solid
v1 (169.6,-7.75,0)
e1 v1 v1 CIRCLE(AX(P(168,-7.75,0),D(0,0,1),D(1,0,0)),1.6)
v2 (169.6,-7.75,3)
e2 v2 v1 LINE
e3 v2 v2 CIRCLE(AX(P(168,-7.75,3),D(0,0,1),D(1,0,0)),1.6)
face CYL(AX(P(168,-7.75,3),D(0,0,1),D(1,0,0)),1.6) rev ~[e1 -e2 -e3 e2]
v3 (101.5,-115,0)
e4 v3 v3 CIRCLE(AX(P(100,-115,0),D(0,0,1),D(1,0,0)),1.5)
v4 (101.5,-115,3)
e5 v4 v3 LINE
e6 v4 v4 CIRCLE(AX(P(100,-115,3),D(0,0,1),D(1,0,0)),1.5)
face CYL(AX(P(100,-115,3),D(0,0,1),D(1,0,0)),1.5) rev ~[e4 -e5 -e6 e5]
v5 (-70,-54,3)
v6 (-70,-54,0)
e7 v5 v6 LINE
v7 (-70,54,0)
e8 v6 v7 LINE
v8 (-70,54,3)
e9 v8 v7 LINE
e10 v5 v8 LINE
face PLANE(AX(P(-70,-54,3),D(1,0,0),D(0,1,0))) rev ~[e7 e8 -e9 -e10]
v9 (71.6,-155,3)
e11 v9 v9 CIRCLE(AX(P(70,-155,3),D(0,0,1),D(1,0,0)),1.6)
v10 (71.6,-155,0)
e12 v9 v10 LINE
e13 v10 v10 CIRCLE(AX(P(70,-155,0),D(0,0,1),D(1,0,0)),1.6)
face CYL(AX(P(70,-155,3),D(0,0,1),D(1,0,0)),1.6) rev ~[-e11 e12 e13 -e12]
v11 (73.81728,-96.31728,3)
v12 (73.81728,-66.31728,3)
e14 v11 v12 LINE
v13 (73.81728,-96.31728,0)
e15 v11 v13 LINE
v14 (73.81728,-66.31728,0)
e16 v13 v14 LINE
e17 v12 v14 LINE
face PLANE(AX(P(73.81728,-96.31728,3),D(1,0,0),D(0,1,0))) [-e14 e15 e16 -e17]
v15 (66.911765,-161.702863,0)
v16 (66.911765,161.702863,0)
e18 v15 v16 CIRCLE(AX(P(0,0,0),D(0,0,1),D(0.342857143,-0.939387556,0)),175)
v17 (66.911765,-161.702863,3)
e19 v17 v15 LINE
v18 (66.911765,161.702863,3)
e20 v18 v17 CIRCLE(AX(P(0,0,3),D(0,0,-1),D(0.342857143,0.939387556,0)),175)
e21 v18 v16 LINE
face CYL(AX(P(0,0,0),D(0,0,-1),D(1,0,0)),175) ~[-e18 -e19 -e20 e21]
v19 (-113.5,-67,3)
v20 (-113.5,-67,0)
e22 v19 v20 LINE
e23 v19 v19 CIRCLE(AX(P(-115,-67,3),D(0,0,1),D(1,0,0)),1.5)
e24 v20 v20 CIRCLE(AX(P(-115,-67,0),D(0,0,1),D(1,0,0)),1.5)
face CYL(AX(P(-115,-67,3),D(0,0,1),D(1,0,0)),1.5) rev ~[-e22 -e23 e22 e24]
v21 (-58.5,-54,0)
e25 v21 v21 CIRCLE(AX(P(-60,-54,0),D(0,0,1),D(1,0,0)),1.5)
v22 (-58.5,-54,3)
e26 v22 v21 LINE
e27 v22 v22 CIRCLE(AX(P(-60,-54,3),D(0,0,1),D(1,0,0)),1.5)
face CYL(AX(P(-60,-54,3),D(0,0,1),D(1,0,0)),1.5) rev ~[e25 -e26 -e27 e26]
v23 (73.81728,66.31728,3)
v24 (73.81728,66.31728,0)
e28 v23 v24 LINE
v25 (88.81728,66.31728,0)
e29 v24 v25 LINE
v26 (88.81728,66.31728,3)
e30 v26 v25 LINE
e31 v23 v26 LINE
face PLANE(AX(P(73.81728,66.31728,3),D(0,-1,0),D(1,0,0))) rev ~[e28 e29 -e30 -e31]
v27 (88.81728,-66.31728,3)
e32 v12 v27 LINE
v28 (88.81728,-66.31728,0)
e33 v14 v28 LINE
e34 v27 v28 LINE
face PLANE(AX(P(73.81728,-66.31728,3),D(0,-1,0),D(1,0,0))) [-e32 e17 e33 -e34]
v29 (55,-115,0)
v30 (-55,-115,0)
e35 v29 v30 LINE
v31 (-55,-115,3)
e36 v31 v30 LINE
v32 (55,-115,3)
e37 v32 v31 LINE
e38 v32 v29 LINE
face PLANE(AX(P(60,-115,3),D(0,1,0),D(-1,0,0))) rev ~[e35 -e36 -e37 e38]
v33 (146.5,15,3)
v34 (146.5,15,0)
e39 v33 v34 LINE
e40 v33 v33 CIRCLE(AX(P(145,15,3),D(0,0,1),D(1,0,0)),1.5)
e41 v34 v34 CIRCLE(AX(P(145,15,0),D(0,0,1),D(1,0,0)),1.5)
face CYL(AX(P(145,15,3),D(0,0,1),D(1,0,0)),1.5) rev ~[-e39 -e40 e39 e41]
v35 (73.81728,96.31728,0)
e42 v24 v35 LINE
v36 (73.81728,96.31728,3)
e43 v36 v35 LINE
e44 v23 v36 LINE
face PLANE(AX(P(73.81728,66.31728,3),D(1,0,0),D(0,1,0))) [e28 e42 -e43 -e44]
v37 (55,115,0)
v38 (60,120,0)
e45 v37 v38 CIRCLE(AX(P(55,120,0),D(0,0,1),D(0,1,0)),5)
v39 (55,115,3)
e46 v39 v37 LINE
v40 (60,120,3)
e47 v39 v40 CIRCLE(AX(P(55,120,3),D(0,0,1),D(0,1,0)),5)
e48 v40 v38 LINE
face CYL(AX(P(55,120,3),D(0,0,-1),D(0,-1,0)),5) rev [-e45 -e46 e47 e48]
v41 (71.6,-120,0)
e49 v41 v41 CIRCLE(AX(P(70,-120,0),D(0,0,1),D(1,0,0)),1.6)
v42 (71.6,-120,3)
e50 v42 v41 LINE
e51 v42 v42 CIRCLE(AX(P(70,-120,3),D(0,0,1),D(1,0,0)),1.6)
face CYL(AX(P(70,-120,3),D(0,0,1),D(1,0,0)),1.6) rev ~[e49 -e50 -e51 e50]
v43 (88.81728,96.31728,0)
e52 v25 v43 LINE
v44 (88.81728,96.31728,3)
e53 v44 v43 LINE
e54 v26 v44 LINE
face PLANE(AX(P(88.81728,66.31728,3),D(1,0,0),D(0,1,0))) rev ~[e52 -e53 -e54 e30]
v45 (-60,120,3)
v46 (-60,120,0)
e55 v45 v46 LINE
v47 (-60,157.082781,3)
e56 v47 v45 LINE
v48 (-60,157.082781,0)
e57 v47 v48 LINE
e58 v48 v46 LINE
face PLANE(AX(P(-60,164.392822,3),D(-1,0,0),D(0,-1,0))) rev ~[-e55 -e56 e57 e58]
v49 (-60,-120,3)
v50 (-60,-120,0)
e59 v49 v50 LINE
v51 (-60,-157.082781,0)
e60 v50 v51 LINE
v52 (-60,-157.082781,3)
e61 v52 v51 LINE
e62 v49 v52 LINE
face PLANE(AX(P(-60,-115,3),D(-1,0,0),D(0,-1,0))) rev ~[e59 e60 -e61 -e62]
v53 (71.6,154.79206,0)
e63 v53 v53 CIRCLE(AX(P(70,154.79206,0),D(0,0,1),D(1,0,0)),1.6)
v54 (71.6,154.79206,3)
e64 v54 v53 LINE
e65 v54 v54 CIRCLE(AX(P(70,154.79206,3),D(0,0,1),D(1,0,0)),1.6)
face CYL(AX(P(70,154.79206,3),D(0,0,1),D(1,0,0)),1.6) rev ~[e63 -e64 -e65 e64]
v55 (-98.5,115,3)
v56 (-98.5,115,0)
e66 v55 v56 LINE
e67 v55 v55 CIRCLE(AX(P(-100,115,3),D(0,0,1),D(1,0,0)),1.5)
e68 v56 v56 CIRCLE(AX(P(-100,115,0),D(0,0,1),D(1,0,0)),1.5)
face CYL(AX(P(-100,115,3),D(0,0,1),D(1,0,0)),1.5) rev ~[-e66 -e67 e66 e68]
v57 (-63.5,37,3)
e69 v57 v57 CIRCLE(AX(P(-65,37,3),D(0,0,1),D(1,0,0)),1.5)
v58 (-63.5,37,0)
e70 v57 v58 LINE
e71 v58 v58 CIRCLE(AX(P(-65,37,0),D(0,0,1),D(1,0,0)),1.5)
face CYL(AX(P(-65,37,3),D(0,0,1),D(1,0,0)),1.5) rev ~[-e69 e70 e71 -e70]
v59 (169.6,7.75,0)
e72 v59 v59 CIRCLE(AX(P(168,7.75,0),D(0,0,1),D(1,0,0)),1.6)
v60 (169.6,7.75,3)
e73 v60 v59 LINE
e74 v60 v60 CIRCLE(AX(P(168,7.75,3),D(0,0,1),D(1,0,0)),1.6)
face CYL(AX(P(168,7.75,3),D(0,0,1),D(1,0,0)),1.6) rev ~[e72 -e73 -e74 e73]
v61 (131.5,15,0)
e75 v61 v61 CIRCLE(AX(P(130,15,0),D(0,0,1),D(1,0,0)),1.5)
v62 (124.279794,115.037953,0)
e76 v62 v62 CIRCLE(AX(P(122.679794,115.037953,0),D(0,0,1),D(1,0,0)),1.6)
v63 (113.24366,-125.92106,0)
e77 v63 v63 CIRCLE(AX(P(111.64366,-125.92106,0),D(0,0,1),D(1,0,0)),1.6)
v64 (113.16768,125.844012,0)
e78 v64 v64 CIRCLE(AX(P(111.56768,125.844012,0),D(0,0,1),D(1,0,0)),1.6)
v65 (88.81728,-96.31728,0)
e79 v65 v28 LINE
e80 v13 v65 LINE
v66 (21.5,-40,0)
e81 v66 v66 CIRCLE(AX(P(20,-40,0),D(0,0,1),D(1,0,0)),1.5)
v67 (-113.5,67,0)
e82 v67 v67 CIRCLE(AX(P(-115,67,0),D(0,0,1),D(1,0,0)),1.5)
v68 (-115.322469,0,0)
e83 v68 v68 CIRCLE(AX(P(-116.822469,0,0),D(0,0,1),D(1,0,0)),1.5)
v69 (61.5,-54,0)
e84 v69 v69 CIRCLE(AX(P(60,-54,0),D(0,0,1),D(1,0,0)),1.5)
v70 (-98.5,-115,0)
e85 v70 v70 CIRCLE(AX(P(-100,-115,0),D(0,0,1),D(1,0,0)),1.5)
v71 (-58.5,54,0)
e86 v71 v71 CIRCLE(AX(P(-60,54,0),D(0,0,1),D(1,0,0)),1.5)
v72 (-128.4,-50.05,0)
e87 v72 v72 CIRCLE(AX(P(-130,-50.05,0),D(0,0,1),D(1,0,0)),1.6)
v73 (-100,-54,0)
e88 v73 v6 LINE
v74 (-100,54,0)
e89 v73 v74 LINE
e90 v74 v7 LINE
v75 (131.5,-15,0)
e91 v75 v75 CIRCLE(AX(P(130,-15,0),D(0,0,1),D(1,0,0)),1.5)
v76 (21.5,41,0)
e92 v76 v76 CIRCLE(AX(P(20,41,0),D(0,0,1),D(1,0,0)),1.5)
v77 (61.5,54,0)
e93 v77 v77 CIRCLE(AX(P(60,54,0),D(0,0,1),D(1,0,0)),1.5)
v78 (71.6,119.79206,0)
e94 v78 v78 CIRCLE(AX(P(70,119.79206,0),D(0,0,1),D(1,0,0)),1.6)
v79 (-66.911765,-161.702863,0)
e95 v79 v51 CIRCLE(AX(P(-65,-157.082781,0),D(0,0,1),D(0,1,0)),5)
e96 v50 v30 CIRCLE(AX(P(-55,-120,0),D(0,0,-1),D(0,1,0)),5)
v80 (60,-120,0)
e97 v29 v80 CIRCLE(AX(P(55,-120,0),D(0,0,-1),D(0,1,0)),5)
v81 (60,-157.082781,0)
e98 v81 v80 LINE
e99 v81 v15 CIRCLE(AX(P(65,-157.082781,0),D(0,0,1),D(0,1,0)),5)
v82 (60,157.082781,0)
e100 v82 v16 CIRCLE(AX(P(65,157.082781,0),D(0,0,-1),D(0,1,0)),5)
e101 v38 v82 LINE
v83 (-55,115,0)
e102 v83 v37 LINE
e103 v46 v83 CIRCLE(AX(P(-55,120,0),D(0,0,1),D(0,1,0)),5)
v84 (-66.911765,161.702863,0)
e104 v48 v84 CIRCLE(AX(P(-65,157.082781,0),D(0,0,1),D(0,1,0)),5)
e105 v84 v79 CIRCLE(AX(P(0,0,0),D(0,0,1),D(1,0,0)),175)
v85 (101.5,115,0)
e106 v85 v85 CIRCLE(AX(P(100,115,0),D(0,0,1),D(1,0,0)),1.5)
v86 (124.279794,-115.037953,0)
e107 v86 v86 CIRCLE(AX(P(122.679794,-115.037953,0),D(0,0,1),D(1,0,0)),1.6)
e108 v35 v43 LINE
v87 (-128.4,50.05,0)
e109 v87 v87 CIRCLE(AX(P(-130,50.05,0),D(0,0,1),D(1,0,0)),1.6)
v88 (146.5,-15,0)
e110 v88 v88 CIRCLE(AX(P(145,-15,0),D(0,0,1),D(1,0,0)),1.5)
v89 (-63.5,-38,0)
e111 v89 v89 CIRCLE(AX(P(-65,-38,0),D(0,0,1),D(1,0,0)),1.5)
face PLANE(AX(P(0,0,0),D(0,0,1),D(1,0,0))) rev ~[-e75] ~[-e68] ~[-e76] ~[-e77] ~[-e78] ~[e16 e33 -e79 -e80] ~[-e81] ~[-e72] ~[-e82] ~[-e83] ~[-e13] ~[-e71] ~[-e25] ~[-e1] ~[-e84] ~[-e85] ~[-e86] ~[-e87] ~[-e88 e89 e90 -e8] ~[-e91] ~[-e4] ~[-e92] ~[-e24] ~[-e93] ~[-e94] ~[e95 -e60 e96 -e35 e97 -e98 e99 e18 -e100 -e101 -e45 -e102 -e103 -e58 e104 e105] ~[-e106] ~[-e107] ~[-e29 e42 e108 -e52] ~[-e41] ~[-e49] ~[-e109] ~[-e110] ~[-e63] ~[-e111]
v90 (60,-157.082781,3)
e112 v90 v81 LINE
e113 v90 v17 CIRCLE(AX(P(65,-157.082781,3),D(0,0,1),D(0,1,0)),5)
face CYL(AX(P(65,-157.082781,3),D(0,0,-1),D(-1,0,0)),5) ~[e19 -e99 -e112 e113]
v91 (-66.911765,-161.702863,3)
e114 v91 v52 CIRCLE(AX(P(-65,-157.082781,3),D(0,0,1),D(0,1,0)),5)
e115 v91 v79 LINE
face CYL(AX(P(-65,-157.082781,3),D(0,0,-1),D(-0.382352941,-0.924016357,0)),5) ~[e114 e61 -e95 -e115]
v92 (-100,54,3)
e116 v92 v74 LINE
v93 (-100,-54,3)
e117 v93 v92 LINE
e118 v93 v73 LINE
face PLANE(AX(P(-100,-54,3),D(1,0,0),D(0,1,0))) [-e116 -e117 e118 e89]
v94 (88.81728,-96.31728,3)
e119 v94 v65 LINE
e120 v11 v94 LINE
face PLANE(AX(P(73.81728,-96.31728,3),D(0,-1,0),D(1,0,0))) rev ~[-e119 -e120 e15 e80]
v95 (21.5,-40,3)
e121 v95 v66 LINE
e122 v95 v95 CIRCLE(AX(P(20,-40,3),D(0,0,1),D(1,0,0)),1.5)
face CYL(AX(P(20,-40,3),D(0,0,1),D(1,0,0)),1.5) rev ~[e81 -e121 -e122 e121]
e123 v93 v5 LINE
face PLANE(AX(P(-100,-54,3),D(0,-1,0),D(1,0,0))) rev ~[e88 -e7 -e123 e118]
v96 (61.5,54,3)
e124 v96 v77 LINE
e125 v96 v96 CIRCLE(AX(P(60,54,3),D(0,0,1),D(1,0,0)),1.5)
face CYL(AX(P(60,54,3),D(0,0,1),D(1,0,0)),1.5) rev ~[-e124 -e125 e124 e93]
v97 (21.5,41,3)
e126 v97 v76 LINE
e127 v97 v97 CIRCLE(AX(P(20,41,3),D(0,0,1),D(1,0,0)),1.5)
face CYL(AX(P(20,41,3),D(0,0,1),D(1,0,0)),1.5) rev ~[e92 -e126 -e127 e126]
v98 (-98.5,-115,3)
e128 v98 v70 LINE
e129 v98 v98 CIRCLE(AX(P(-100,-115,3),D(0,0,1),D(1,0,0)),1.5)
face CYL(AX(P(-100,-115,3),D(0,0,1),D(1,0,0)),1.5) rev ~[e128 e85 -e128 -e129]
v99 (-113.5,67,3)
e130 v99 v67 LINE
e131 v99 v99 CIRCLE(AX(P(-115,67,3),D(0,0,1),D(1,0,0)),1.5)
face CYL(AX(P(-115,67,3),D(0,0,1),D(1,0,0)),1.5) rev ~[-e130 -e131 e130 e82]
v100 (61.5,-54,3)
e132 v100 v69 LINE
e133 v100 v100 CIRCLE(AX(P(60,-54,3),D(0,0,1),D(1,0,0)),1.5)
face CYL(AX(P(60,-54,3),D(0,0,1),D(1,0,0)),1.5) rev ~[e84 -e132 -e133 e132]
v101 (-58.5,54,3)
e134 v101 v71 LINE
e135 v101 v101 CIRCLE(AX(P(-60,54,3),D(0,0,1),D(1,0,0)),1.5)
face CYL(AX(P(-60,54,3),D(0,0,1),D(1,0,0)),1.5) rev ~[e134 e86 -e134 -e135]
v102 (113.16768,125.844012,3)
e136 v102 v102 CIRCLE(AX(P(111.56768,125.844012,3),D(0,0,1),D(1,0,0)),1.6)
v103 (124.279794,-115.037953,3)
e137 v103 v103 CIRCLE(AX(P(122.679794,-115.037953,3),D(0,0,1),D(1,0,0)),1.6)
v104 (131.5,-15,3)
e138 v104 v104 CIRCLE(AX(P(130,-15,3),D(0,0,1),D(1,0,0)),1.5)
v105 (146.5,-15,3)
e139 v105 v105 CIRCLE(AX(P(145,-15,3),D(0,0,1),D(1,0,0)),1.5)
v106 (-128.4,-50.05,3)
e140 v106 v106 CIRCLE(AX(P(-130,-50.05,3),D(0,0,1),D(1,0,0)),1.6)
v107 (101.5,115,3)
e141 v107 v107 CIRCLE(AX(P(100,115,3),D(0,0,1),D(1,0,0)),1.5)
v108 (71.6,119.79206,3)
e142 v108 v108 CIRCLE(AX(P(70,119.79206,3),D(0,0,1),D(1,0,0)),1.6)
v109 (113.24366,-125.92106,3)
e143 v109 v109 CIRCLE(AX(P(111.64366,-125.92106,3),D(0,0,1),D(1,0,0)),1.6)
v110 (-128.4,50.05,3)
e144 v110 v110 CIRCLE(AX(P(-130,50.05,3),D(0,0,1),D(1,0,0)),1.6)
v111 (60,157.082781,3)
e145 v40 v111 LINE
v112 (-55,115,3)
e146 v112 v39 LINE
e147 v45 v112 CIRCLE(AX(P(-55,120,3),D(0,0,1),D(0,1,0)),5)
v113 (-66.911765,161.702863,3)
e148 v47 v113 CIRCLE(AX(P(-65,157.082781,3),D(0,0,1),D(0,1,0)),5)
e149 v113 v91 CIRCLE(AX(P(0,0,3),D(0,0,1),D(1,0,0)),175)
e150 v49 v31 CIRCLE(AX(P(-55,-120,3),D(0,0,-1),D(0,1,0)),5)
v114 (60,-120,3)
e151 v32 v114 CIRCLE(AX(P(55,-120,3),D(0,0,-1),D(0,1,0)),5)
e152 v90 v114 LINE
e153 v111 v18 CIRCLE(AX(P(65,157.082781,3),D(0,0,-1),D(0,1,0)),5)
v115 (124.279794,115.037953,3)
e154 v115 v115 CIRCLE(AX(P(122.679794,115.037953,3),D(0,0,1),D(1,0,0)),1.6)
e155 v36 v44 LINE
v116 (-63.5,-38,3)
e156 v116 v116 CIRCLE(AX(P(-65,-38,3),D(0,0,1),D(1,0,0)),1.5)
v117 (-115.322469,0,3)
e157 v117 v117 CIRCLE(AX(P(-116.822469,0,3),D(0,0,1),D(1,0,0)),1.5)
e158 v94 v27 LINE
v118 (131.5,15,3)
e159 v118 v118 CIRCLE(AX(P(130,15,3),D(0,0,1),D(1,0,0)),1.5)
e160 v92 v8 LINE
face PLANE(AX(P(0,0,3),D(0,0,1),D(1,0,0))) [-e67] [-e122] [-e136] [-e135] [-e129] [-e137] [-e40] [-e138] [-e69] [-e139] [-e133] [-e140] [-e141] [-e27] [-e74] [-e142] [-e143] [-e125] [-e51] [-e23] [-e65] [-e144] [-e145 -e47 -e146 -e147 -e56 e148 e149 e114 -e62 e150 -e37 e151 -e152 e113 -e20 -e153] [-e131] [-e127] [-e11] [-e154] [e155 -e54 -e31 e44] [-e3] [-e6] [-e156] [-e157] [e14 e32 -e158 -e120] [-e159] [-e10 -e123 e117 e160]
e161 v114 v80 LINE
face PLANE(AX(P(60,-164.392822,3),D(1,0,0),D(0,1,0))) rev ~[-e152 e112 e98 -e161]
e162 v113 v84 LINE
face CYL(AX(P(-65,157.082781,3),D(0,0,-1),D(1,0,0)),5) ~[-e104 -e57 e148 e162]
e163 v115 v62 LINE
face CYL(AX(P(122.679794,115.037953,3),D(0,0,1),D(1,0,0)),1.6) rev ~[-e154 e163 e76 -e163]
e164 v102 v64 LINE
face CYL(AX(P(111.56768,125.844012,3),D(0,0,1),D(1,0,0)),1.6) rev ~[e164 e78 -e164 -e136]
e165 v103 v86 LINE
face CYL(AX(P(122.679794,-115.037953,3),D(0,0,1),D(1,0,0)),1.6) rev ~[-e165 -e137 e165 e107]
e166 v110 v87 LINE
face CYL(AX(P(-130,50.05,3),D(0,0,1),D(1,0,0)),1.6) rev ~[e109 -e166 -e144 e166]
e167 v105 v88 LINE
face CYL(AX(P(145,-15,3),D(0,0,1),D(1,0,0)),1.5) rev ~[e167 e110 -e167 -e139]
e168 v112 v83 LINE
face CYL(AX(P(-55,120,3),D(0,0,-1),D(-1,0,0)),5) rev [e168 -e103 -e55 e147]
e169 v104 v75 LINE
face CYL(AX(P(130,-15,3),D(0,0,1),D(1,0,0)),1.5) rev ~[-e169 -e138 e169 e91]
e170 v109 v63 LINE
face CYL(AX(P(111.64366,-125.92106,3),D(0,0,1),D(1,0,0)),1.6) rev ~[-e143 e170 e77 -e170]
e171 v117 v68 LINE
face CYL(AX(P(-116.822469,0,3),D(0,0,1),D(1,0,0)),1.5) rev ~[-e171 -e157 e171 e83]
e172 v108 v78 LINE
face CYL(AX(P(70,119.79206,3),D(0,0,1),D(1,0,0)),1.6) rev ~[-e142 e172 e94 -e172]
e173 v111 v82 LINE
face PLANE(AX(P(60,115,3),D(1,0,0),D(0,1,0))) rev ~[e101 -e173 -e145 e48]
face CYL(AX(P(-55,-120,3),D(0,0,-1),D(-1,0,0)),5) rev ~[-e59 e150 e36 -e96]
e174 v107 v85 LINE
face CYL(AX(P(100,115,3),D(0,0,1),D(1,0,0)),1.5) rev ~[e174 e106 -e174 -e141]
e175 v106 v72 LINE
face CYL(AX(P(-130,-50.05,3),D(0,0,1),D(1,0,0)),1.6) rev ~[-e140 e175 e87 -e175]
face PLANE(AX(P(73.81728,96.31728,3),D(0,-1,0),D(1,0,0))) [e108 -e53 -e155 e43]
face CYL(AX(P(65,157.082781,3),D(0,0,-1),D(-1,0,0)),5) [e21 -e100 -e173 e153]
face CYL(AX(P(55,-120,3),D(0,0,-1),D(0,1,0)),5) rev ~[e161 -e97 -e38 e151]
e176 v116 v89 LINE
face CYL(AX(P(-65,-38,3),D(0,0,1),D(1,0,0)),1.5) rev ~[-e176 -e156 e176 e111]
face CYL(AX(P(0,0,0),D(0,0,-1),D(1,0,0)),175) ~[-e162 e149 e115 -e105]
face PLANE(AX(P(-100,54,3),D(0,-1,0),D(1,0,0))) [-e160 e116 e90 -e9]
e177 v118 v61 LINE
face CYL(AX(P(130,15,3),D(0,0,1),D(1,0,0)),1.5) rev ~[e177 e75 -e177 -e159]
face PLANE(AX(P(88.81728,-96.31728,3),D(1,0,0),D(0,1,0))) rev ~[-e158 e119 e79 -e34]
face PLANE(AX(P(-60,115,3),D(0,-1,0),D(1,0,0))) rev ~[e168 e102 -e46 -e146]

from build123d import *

# Parameters (mm, degrees)
SKETCH_1_R           = 175
EXTRUDE_1_DEPTH      = 3
CUT_EXTRUDE_1_DEPTH  = 3
FILLET_1_R           = 5
FILLET_2_R           = 5
FILLET_3_R           = 5
SKETCH_5_R           = 1.5
CUT_EXTRUDE_4_DEPTH  = 3
SKETCH_6_R           = 1.5
CUT_EXTRUDE_5_DEPTH  = 3
SKETCH_7_W           = 30
SKETCH_7_H           = 108
CUT_EXTRUDE_6_DEPTH  = 3
SKETCH_8_R           = 1.5
CUT_EXTRUDE_7_DEPTH  = 3
SKETCH_9_R           = 1.5
CUT_EXTRUDE_8_DEPTH  = 10
SKETCH_10_R          = 1.6
CUT_EXTRUDE_9_DEPTH  = 10
SKETCH_11_W          = 15
SKETCH_11_H          = 30
CUT_EXTRUDE_10_DEPTH = 10
SKETCH_13_R          = 1.5
CUT_EXTRUDE_12_DEPTH = 4
SKETCH_14_R          = 1.6
CUT_EXTRUDE_14_DEPTH = 4


with BuildPart() as part:
    # ｽｹｯﾁ1 → ﾎﾞｽ - 押し出し1 (new body)
    with BuildSketch(Plane.XY):
        Circle(SKETCH_1_R)
    extrude(amount=EXTRUDE_1_DEPTH)

    # ｽｹｯﾁ2 → ｶｯﾄ - 押し出し1 (cut)
    with BuildSketch(Plane.XY.offset(3)):
        with BuildLine():
            Line((-60, 115), (0, 115))
            Line((0, 115), (0, 175))
            ThreePointArc((0, 175), (-30.465194158, 172.327803749), (-60, 164.392822228))
            Line((-60, 164.392822228), (-60, 115))
        make_face()
        with BuildLine():
            Line((0, 175), (0, 115))
            Line((0, 115), (60, 115))
            Line((60, 115), (60, 164.392822228))
            ThreePointArc((60, 164.392822228), (30.465194158, 172.327803749), (0, 175))
        make_face()
        with BuildLine():
            Line((0, -175), (0, -115))
            Line((0, -115), (-60, -115))
            Line((-60, -115), (-60, -164.392822228))
            ThreePointArc((-60, -164.392822228), (-30.465194158, -172.327803749), (0, -175))
        make_face()
        with BuildLine():
            Line((60, -115), (0, -115))
            Line((0, -115), (0, -175))
            ThreePointArc((0, -175), (30.465194158, -172.327803749), (60, -164.392822228))
            Line((60, -164.392822228), (60, -115))
        make_face()
    extrude(amount=-CUT_EXTRUDE_1_DEPTH, mode=Mode.SUBTRACT)

    # ﾌｨﾚｯﾄ1
    fillet_1_edges = [part.edges().sort_by_distance(p)[0] for p in [
        (-60, 164.392822228, 1.5),
    ]]
    fillet(fillet_1_edges, radius=FILLET_1_R)

    # ﾌｨﾚｯﾄ2
    fillet_2_edges = [part.edges().sort_by_distance(p)[0] for p in [
        (-60, 115, 1.5),
        (60, 164.392822228, 1.5),
        (60, 115, 1.5),
    ]]
    fillet(fillet_2_edges, radius=FILLET_2_R)

    # ﾌｨﾚｯﾄ3
    fillet_3_edges = [part.edges().sort_by_distance(p)[0] for p in [
        (-60, -115, 1.5),
        (60, -115, 1.5),
        (60, -164.392822228, 1.5),
        (-60, -164.392822228, 1.5),
    ]]
    fillet(fillet_3_edges, radius=FILLET_3_R)

    # ｽｹｯﾁ5 → ｶｯﾄ - 押し出し4 (cut)
    with BuildSketch(Plane.XY.offset(3)):
        with Locations((-100, -115)):
            Circle(SKETCH_5_R)
        with Locations((100, -115)):
            Circle(SKETCH_5_R)
        with Locations((100, 115)):
            Circle(SKETCH_5_R)
        with Locations((-100, 115)):
            Circle(SKETCH_5_R)
    extrude(amount=-CUT_EXTRUDE_4_DEPTH, mode=Mode.SUBTRACT)

    # ｽｹｯﾁ6 → ｶｯﾄ - 押し出し5 (cut)
    with BuildSketch(Plane.XY.offset(3)):
        with Locations((-60, 54)):
            Circle(SKETCH_6_R)
        with Locations((60, 54)):
            Circle(SKETCH_6_R)
        with Locations((-60, -54)):
            Circle(SKETCH_6_R)
        with Locations((60, -54)):
            Circle(SKETCH_6_R)
    extrude(amount=-CUT_EXTRUDE_5_DEPTH, mode=Mode.SUBTRACT)

    # ｽｹｯﾁ7 → ｶｯﾄ - 押し出し6 (cut)
    with BuildSketch(Plane.XY.offset(3)):
        with Locations((-85, 0)):
            Rectangle(SKETCH_7_W, SKETCH_7_H)
    extrude(amount=-CUT_EXTRUDE_6_DEPTH, mode=Mode.SUBTRACT)

    # ｽｹｯﾁ8 → ｶｯﾄ - 押し出し7 (cut)
    with BuildSketch(Plane.XY.offset(3)):
        with Locations((-115, -67)):
            Circle(SKETCH_8_R)
        with Locations((-116.822468618, 0)):
            Circle(SKETCH_8_R)
        with Locations((-115, 67)):
            Circle(SKETCH_8_R)
    extrude(amount=-CUT_EXTRUDE_7_DEPTH, mode=Mode.SUBTRACT)

    # ｽｹｯﾁ9 → ｶｯﾄ - 押し出し8 (cut)
    with BuildSketch(Plane.XY.offset(3)):
        with Locations((-65, 37)):
            Circle(SKETCH_9_R)
        with Locations((20, 41)):
            Circle(SKETCH_9_R)
        with Locations((-65, -38)):
            Circle(SKETCH_9_R)
        with Locations((20, -40)):
            Circle(SKETCH_9_R)
    extrude(amount=-CUT_EXTRUDE_8_DEPTH, mode=Mode.SUBTRACT)

    # ｽｹｯﾁ10 → ｶｯﾄ - 押し出し9 (cut)
    with BuildSketch(Plane.XY.offset(3)):
        with Locations((111.643659725, -125.921059639)):
            Circle(SKETCH_10_R)
        with Locations((122.679794489, -115.037952538)):
            Circle(SKETCH_10_R)
        with Locations((168, 7.75)):
            Circle(SKETCH_10_R)
        with Locations((168, -7.75)):
            Circle(SKETCH_10_R)
        with Locations((111.56768007, 125.844011632)):
            Circle(SKETCH_10_R)
        with Locations((122.679794489, 115.037952538)):
            Circle(SKETCH_10_R)
    extrude(amount=-CUT_EXTRUDE_9_DEPTH, mode=Mode.SUBTRACT)

    # ｽｹｯﾁ11 → ｶｯﾄ - 押し出し10 (cut)
    with BuildSketch(Plane.XY.offset(3)):
        with Locations((81.317279836, 81.317279836)):
            Rectangle(SKETCH_11_W, SKETCH_11_H)
        with Locations((81.317279836, -81.317279836)):
            Rectangle(SKETCH_11_W, SKETCH_11_H)
    extrude(amount=-CUT_EXTRUDE_10_DEPTH, mode=Mode.SUBTRACT)

    # ｽｹｯﾁ13 → ｶｯﾄ - 押し出し12 (cut, through all)
    with BuildSketch(Plane.XY.offset(3)):
        with Locations((130, 15)):
            Circle(SKETCH_13_R)
        with Locations((145, 15)):
            Circle(SKETCH_13_R)
        with Locations((130, -15)):
            Circle(SKETCH_13_R)
        with Locations((145, -15)):
            Circle(SKETCH_13_R)
    extrude(amount=-CUT_EXTRUDE_12_DEPTH, mode=Mode.SUBTRACT)

    # ｽｹｯﾁ14 → ｶｯﾄ - 押し出し14 (cut, through all)
    with BuildSketch(Plane.XY.offset(3)):
        with Locations((70, 119.792059696)):
            Circle(SKETCH_14_R)
        with Locations((70, 154.792059696)):
            Circle(SKETCH_14_R)
        with Locations((70, -120)):
            Circle(SKETCH_14_R)
        with Locations((70, -155)):
            Circle(SKETCH_14_R)
        with Locations((-130, 50.05)):
            Circle(SKETCH_14_R)
        with Locations((-130, -50.05)):
            Circle(SKETCH_14_R)
    extrude(amount=-CUT_EXTRUDE_14_DEPTH, mode=Mode.SUBTRACT)


solid = part.part
